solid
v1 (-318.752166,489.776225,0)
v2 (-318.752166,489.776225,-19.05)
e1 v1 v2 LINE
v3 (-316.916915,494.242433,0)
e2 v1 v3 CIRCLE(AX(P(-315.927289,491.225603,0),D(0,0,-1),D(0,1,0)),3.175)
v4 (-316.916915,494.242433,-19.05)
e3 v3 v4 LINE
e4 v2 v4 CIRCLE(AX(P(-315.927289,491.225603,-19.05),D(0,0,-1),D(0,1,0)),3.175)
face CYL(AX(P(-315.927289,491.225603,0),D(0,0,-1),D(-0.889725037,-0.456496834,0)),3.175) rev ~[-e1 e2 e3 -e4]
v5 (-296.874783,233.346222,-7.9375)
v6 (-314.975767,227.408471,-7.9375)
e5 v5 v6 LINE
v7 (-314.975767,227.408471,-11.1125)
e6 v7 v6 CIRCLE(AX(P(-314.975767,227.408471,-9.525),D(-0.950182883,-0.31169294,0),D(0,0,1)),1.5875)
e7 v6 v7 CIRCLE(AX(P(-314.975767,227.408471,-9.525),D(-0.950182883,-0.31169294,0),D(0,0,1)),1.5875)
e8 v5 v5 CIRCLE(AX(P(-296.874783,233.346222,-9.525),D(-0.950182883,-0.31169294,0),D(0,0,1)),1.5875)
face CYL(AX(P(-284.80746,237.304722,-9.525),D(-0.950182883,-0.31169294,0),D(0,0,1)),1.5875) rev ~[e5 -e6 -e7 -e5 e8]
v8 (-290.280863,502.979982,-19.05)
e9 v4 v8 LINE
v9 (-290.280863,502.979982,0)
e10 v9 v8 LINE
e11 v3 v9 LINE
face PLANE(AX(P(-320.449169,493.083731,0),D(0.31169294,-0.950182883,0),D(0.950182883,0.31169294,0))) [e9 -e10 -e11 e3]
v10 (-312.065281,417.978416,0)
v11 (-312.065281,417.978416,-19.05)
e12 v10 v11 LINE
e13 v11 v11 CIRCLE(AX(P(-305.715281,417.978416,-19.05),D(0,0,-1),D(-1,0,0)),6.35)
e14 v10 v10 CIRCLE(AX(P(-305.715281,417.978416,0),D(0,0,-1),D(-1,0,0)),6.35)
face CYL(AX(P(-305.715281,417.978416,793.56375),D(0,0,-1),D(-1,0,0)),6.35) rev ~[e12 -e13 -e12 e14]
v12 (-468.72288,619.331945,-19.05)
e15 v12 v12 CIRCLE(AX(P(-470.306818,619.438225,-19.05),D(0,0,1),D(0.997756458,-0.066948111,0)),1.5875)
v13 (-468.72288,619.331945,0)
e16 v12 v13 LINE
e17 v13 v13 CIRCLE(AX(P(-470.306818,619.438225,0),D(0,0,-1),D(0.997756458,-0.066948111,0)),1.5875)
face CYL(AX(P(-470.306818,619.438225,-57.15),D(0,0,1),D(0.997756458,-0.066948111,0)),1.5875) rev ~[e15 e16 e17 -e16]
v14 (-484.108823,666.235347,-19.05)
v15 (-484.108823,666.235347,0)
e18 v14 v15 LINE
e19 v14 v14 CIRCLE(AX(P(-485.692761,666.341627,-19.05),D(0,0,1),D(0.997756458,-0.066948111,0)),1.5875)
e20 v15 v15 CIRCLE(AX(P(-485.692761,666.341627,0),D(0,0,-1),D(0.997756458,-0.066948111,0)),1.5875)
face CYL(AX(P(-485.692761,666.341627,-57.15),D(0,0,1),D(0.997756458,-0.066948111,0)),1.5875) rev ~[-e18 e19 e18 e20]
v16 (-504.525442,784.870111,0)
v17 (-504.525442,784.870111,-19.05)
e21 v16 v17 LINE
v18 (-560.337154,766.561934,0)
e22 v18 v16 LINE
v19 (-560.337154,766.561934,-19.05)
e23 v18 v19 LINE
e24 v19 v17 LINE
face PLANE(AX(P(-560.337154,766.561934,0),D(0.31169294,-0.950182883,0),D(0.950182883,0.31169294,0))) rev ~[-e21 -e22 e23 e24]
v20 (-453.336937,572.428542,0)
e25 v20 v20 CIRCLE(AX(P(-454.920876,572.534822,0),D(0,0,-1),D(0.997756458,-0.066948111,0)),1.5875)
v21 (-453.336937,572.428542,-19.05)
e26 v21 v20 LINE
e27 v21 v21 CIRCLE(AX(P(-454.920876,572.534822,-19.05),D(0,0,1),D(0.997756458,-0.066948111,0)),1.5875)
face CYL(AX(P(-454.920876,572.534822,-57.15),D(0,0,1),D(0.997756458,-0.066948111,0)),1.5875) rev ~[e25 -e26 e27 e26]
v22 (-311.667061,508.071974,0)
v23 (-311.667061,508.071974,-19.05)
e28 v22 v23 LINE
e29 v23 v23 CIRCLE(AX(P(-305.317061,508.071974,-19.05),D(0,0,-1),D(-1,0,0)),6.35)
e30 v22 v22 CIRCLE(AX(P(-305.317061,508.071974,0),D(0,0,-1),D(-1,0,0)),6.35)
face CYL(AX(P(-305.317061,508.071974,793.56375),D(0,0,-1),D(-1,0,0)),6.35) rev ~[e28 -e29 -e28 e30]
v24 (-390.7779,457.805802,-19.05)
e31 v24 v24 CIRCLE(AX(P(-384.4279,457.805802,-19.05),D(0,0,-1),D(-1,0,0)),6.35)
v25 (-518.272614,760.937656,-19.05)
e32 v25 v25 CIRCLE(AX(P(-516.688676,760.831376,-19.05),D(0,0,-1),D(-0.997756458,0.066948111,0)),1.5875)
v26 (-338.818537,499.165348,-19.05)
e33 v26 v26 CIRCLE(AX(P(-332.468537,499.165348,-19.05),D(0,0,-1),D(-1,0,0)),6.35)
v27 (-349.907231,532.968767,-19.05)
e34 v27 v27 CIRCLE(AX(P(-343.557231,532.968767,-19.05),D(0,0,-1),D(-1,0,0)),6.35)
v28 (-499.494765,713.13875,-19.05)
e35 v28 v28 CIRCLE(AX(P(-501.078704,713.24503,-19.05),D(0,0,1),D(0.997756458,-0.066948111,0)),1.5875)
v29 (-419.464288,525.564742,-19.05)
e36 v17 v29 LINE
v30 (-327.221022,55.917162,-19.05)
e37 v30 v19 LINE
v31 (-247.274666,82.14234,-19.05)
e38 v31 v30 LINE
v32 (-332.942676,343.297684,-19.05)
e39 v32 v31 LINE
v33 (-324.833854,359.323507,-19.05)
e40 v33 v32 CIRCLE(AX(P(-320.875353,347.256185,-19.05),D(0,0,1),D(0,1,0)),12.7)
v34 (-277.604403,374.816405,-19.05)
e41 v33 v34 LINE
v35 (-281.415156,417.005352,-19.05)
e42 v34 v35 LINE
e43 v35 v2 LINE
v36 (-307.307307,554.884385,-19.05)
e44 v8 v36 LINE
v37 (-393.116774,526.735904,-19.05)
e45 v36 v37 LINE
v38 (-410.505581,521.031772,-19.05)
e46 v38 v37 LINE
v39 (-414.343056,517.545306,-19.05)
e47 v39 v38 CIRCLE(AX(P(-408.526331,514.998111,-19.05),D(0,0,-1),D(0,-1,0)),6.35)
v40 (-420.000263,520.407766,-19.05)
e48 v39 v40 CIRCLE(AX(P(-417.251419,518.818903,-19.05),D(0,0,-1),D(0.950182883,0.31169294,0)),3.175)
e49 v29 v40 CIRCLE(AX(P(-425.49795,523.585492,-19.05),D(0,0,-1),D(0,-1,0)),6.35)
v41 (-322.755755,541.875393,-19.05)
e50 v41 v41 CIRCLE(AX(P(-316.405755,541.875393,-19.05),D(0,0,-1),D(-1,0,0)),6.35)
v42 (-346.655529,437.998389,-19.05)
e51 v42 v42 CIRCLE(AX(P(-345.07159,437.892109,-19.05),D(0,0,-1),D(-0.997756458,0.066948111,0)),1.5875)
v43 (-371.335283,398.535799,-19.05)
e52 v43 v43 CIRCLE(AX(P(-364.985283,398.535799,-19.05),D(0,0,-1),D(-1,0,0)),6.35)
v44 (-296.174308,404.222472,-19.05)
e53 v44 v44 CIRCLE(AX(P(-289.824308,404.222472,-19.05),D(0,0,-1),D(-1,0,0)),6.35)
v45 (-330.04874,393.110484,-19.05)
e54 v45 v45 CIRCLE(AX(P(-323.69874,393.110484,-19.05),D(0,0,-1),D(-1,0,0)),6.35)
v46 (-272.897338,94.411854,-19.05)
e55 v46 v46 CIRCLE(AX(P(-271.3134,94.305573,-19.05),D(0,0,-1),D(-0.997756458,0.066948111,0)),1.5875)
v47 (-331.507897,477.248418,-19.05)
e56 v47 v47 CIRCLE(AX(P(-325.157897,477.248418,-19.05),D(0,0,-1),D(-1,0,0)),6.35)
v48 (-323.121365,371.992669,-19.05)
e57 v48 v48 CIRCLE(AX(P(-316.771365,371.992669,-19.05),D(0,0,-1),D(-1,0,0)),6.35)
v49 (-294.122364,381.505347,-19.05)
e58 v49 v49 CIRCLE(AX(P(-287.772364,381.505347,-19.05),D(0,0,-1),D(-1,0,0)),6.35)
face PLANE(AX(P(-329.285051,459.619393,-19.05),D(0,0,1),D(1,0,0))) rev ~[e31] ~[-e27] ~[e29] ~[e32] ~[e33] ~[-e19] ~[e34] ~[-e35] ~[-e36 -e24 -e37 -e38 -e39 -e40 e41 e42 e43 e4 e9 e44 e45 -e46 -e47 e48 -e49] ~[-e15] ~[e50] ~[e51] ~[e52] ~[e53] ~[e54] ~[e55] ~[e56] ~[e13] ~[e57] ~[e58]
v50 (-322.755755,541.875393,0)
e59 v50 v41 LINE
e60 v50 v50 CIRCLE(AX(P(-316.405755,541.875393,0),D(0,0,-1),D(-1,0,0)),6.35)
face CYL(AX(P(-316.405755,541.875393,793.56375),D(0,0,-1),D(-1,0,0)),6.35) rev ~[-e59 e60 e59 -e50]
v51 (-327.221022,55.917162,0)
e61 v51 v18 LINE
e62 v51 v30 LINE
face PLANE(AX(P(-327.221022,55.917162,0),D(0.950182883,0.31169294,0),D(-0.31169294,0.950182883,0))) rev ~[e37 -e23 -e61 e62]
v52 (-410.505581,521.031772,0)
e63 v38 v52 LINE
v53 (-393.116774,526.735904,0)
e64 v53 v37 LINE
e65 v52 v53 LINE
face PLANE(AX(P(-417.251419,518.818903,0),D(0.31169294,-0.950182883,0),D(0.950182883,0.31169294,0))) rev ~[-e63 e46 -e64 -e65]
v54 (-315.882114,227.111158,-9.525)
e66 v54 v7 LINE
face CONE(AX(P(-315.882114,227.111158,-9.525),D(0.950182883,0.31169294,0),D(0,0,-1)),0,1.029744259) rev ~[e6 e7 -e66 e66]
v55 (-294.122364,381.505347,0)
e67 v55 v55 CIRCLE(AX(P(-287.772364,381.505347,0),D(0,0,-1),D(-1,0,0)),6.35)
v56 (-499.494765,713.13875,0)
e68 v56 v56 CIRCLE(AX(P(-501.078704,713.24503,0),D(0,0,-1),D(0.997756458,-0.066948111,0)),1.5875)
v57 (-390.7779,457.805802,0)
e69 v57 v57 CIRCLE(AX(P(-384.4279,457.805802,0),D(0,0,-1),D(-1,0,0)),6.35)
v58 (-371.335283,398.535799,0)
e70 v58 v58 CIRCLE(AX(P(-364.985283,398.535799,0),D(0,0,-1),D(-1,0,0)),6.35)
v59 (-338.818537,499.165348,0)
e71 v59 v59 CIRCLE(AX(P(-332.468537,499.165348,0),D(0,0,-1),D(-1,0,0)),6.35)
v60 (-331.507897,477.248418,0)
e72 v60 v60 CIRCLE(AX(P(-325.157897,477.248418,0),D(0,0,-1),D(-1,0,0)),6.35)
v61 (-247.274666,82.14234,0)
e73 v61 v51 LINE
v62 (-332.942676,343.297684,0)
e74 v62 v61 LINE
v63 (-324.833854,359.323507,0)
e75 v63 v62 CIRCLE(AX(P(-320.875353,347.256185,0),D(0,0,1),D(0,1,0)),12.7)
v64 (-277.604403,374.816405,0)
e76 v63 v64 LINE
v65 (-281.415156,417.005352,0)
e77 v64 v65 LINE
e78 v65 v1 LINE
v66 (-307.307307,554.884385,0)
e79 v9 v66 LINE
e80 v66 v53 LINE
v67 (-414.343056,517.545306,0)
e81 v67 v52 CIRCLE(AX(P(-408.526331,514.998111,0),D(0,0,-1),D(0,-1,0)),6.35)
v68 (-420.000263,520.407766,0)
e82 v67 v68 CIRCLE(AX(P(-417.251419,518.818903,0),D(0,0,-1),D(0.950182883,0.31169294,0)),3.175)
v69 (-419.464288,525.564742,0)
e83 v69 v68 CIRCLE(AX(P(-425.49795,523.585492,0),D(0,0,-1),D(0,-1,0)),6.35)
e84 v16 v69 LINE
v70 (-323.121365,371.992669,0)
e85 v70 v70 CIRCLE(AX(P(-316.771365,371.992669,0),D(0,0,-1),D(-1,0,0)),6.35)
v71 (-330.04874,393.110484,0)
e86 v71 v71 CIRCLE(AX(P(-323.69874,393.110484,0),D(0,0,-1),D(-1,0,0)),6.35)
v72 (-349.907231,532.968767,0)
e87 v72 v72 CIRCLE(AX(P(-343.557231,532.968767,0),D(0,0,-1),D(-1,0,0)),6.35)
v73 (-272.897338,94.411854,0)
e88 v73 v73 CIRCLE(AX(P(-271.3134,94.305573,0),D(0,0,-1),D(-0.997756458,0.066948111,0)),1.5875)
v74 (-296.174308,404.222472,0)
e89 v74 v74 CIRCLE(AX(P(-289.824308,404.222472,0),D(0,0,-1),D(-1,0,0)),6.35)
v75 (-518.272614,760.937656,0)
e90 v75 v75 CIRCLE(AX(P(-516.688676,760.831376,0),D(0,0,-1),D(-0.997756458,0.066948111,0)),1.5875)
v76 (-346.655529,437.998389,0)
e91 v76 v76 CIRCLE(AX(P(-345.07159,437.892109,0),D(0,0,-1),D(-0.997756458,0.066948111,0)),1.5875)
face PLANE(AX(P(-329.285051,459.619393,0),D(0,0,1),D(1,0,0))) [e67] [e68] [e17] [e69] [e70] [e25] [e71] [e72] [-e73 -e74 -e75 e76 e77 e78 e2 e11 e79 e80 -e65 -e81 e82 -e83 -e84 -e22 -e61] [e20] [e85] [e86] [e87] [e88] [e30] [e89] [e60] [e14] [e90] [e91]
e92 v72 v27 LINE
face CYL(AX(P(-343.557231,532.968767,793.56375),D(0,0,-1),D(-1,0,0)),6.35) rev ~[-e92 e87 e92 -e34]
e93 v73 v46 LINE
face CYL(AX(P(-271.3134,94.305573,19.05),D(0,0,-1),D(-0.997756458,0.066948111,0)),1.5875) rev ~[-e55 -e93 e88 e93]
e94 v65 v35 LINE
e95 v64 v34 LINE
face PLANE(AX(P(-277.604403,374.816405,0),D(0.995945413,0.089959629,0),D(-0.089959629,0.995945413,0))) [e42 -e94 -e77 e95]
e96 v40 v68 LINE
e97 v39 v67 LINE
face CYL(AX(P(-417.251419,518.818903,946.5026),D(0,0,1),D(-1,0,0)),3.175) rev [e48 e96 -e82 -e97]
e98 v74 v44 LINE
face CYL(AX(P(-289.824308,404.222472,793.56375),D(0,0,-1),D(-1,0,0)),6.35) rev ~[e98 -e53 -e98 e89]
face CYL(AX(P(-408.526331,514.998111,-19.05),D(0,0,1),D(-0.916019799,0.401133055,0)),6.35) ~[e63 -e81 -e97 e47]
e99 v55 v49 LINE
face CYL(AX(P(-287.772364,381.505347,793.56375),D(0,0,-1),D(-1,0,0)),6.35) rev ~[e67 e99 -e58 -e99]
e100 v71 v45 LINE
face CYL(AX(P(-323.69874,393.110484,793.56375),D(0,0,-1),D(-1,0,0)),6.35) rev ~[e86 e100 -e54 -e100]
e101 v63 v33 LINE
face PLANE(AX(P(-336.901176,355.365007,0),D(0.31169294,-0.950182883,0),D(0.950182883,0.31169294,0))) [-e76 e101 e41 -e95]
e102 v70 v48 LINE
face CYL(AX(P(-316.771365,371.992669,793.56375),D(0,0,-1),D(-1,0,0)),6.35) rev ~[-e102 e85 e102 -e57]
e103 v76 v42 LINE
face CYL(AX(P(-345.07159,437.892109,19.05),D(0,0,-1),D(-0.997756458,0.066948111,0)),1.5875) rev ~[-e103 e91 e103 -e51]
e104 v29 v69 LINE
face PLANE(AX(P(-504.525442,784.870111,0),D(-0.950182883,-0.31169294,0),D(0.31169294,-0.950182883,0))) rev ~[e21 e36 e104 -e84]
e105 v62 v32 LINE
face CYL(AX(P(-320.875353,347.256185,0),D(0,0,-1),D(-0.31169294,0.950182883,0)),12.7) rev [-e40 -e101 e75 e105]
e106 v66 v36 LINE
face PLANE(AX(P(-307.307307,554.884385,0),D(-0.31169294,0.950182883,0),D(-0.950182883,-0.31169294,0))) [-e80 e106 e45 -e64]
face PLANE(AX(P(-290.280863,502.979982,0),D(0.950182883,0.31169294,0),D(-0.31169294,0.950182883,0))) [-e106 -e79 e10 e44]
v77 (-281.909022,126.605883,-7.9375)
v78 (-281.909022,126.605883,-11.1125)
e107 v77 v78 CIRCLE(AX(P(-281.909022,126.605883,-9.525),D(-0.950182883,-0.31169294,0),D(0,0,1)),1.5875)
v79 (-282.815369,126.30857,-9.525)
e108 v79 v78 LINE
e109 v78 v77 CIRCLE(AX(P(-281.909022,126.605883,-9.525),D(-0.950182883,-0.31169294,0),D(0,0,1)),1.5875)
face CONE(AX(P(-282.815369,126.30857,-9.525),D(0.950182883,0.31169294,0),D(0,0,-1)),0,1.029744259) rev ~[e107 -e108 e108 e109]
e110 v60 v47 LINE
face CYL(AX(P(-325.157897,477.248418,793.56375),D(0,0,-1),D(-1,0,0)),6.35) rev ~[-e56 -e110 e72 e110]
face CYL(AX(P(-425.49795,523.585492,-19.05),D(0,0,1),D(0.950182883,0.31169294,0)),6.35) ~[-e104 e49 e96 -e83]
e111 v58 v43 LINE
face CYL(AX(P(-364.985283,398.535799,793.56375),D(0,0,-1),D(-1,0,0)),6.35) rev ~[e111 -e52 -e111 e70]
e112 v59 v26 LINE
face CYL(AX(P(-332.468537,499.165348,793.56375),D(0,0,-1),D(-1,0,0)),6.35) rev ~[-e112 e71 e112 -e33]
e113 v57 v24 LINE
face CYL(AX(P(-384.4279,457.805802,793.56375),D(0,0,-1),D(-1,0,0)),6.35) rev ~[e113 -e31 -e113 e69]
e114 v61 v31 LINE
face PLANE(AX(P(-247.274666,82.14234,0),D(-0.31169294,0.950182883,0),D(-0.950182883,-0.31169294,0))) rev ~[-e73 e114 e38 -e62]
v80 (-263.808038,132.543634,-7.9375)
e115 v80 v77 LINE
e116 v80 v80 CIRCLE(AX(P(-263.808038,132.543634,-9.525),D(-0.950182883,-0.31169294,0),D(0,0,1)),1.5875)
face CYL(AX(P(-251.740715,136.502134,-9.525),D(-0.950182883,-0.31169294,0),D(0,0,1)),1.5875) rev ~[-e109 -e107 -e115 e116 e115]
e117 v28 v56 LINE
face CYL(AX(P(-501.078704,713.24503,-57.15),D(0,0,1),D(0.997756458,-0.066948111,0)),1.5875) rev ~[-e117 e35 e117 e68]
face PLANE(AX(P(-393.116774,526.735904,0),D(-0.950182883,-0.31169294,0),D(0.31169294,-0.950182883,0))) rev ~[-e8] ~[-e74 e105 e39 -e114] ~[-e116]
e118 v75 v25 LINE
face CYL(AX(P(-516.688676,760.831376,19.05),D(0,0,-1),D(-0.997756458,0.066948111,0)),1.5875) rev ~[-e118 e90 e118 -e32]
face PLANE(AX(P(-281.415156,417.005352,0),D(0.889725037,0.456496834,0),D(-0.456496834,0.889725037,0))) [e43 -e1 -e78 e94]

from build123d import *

# Parameters (mm, degrees)
BOSS_EXTRUDE1_DEPTH        = 19.05
BOSS_EXTRUDE2_DEPTH        = 19.05
FILLET1_R                  = 3.175
FILLET2_R                  = 12.7
CUT_EXTRUDE1_DEPTH         = 965.552600368
CUT_EXTRUDE1_DEPTH_BACK    = 965.552600368
SKETCH47_R                 = 3.175
FILLET4_R                  = 6.35
F_1_2_0_5_DIAMETER_HOLE1_D = 12.7
HOLE7_D                    = 3.175
HOLE7_DEPTH                = 38.1
HOLE7_CSINK_D              = 10.16
HOLE7_CSINK_ANGLE          = 82
HOLE7_TIP                  = 0.953866233
HOLE10_D                   = 3.175
HOLE10_DEPTH               = 57.15
HOLE10_CSINK_D             = 10.16
HOLE10_CSINK_ANGLE         = 82
HOLE10_TIP                 = 0.953866233
HOLE13_D                   = 3.175
HOLE13_DEPTH               = 31.75
HOLE13_CSINK_D             = 10.16
HOLE13_CSINK_ANGLE         = 82
HOLE13_TIP                 = 0.953866233


with BuildPart() as part:
    # Sketch1 → Boss-Extrude1 (new body)
    with BuildSketch(Plane.XY):
        Polygon((-247.274665566, 82.142339986), (-327.22102196, 55.917162383), (-560.337153612, 766.561933763), (-504.525442447, 784.870110692), (-417.251419261, 518.818903446), (-393.116774032, 526.735904121), align=None)
    extrude(amount=-BOSS_EXTRUDE1_DEPTH)

    # Sketch2 → Boss-Extrude2 (add, through all)
    with BuildSketch(Plane.XY):
        Polygon((-393.116774032, 526.735904121), (-336.901176267, 355.36500697), (-277.604402796, 374.816405204), (-281.415155825, 417.005352091), (-320.44916939, 493.083731154), (-290.280862854, 502.979981998), (-307.307307279, 554.884385267), align=None)
    extrude(amount=-BOSS_EXTRUDE2_DEPTH)

    # Fillet1
    fillet1_edges = [part.edges().sort_by_distance(p)[0] for p in [
        (-320.44916939, 493.083731154, -9.525),
    ]]
    fillet(fillet1_edges, radius=FILLET1_R)

    # Fillet2
    fillet2_edges = [part.edges().sort_by_distance(p)[0] for p in [
        (-336.901176267, 355.36500697, -9.525),
    ]]
    fillet(fillet2_edges, radius=FILLET2_R)

    # Sketch47 → Cut-Extrude1 (cut, two sides: drawn at the far end of the back side and taken through both)
    with BuildSketch(Plane(origin=(0, 0, -19.05), x_dir=(-1, 0, 0), z_dir=(0, 0, -1)).offset(-CUT_EXTRUDE1_DEPTH_BACK)):
        with Locations((417.251419261, 518.818903446)):
            Circle(SKETCH47_R)
    extrude(amount=CUT_EXTRUDE1_DEPTH + CUT_EXTRUDE1_DEPTH_BACK, mode=Mode.SUBTRACT)

    # Fillet4
    fillet4_edges = [part.edges().sort_by_distance(p)[0] for p in [
        (-418.241044345, 521.8357341, -9.525),
        (-414.234588607, 519.80852853, -9.525),
    ]]
    fillet(fillet4_edges, radius=FILLET4_R)

    # 1/2 (0.5) Diameter Hole1 (through all)
    with Locations(Plane.XY):
        with Locations((-563.45033927, 698.544682362), (-504.072834209, 517.534843147), (-316.771364786, 371.99266929), (-323.698740376, 393.110483865), (-289.824308357, 404.222472403), (-287.772364418, 381.505347156), (-305.715281117, 417.978415836), (-364.985283482, 398.535799453), (-384.427899865, 457.805801818), (-325.157897499, 477.248418201), (-332.468536604, 499.165347862), (-305.317060721, 508.071973621), (-316.40575464, 541.875392969), (-343.557230523, 532.968767209)):
            Hole(F_1_2_0_5_DIAMETER_HOLE1_D / 2)

    # Hole7
    with Locations(Plane(origin=(313.774034822, -375.700785937, 19.05), x_dir=(0.9977564584489053, -0.06694811142592419, 0), z_dir=(0, 0, 1))):
        with Locations((-710.914924699, 391.126528253), (-615.24080496, 429.781381762), (-711.83598555, 767.659094962), (-835.937309391, 717.51890547), (-904.68821492, 1078.38439498), (-976.811864753, 1049.244548945)):
            CounterSinkHole(HOLE7_D / 2, HOLE7_CSINK_D / 2, depth=HOLE7_DEPTH, counter_sink_angle=HOLE7_CSINK_ANGLE)
            with Locations((0, 0, -(HOLE7_DEPTH + HOLE7_TIP / 2))):  # 118° drill point
                Cone(0, HOLE7_D / 2, HOLE7_TIP, mode=Mode.SUBTRACT)

    # Hole10
    with Locations(Plane(origin=(313.774034822, -375.700785937, -57.15), x_dir=(-0.9977564584489053, 0.06694811142592419, 0), z_dir=(0, 0, -1))):
        with Locations((848.944412528, 940.413642522), (885.927448463, 1031.949868564), (867.435930496, 986.181755543), (830.452894561, 894.645529501)):
            CounterSinkHole(HOLE10_D / 2, HOLE10_CSINK_D / 2, depth=HOLE10_DEPTH, counter_sink_angle=HOLE10_CSINK_ANGLE)
            with Locations((0, 0, -(HOLE10_DEPTH + HOLE10_TIP / 2))):  # 118° drill point
                Cone(0, HOLE10_D / 2, HOLE10_TIP, mode=Mode.SUBTRACT)

    # Hole13
    with Locations(Plane(origin=(-45.102820315, -493.424841018, 52.974999997), x_dir=(0, 0, -1), z_dir=(0.9501828830204607, 0.3116929399504029, 1.2476428765784286e-15))):
        with Locations((174.999999994, 685.961004241), (174.999999994, 549.837259632), (174.999999994, 413.713515022), (81.549999997, 779.649723129), (81.549999997, 652.344645962), (62.499999997, 662.953402392), (62.499999997, 769.040966698), (-62.499999997, 769.040966698), (-62.499999997, 662.953402392), (-81.549999997, 652.344645962), (-81.549999997, 779.649723129), (-174.999999994, 413.713515022), (-174.999999994, 549.837259632), (-174.999999994, 685.961004241), (-82.737499997, 600.384620239), (0, 600.384620239), (82.737499997, 600.384620239), (0, 376.737770337), (-82.737499997, 376.737770337), (82.737499997, 376.737770337)):
            CounterSinkHole(HOLE13_D / 2, HOLE13_CSINK_D / 2, depth=HOLE13_DEPTH, counter_sink_angle=HOLE13_CSINK_ANGLE)
            with Locations((0, 0, -(HOLE13_DEPTH + HOLE13_TIP / 2))):  # 118° drill point
                Cone(0, HOLE13_D / 2, HOLE13_TIP, mode=Mode.SUBTRACT)


solid = part.part
